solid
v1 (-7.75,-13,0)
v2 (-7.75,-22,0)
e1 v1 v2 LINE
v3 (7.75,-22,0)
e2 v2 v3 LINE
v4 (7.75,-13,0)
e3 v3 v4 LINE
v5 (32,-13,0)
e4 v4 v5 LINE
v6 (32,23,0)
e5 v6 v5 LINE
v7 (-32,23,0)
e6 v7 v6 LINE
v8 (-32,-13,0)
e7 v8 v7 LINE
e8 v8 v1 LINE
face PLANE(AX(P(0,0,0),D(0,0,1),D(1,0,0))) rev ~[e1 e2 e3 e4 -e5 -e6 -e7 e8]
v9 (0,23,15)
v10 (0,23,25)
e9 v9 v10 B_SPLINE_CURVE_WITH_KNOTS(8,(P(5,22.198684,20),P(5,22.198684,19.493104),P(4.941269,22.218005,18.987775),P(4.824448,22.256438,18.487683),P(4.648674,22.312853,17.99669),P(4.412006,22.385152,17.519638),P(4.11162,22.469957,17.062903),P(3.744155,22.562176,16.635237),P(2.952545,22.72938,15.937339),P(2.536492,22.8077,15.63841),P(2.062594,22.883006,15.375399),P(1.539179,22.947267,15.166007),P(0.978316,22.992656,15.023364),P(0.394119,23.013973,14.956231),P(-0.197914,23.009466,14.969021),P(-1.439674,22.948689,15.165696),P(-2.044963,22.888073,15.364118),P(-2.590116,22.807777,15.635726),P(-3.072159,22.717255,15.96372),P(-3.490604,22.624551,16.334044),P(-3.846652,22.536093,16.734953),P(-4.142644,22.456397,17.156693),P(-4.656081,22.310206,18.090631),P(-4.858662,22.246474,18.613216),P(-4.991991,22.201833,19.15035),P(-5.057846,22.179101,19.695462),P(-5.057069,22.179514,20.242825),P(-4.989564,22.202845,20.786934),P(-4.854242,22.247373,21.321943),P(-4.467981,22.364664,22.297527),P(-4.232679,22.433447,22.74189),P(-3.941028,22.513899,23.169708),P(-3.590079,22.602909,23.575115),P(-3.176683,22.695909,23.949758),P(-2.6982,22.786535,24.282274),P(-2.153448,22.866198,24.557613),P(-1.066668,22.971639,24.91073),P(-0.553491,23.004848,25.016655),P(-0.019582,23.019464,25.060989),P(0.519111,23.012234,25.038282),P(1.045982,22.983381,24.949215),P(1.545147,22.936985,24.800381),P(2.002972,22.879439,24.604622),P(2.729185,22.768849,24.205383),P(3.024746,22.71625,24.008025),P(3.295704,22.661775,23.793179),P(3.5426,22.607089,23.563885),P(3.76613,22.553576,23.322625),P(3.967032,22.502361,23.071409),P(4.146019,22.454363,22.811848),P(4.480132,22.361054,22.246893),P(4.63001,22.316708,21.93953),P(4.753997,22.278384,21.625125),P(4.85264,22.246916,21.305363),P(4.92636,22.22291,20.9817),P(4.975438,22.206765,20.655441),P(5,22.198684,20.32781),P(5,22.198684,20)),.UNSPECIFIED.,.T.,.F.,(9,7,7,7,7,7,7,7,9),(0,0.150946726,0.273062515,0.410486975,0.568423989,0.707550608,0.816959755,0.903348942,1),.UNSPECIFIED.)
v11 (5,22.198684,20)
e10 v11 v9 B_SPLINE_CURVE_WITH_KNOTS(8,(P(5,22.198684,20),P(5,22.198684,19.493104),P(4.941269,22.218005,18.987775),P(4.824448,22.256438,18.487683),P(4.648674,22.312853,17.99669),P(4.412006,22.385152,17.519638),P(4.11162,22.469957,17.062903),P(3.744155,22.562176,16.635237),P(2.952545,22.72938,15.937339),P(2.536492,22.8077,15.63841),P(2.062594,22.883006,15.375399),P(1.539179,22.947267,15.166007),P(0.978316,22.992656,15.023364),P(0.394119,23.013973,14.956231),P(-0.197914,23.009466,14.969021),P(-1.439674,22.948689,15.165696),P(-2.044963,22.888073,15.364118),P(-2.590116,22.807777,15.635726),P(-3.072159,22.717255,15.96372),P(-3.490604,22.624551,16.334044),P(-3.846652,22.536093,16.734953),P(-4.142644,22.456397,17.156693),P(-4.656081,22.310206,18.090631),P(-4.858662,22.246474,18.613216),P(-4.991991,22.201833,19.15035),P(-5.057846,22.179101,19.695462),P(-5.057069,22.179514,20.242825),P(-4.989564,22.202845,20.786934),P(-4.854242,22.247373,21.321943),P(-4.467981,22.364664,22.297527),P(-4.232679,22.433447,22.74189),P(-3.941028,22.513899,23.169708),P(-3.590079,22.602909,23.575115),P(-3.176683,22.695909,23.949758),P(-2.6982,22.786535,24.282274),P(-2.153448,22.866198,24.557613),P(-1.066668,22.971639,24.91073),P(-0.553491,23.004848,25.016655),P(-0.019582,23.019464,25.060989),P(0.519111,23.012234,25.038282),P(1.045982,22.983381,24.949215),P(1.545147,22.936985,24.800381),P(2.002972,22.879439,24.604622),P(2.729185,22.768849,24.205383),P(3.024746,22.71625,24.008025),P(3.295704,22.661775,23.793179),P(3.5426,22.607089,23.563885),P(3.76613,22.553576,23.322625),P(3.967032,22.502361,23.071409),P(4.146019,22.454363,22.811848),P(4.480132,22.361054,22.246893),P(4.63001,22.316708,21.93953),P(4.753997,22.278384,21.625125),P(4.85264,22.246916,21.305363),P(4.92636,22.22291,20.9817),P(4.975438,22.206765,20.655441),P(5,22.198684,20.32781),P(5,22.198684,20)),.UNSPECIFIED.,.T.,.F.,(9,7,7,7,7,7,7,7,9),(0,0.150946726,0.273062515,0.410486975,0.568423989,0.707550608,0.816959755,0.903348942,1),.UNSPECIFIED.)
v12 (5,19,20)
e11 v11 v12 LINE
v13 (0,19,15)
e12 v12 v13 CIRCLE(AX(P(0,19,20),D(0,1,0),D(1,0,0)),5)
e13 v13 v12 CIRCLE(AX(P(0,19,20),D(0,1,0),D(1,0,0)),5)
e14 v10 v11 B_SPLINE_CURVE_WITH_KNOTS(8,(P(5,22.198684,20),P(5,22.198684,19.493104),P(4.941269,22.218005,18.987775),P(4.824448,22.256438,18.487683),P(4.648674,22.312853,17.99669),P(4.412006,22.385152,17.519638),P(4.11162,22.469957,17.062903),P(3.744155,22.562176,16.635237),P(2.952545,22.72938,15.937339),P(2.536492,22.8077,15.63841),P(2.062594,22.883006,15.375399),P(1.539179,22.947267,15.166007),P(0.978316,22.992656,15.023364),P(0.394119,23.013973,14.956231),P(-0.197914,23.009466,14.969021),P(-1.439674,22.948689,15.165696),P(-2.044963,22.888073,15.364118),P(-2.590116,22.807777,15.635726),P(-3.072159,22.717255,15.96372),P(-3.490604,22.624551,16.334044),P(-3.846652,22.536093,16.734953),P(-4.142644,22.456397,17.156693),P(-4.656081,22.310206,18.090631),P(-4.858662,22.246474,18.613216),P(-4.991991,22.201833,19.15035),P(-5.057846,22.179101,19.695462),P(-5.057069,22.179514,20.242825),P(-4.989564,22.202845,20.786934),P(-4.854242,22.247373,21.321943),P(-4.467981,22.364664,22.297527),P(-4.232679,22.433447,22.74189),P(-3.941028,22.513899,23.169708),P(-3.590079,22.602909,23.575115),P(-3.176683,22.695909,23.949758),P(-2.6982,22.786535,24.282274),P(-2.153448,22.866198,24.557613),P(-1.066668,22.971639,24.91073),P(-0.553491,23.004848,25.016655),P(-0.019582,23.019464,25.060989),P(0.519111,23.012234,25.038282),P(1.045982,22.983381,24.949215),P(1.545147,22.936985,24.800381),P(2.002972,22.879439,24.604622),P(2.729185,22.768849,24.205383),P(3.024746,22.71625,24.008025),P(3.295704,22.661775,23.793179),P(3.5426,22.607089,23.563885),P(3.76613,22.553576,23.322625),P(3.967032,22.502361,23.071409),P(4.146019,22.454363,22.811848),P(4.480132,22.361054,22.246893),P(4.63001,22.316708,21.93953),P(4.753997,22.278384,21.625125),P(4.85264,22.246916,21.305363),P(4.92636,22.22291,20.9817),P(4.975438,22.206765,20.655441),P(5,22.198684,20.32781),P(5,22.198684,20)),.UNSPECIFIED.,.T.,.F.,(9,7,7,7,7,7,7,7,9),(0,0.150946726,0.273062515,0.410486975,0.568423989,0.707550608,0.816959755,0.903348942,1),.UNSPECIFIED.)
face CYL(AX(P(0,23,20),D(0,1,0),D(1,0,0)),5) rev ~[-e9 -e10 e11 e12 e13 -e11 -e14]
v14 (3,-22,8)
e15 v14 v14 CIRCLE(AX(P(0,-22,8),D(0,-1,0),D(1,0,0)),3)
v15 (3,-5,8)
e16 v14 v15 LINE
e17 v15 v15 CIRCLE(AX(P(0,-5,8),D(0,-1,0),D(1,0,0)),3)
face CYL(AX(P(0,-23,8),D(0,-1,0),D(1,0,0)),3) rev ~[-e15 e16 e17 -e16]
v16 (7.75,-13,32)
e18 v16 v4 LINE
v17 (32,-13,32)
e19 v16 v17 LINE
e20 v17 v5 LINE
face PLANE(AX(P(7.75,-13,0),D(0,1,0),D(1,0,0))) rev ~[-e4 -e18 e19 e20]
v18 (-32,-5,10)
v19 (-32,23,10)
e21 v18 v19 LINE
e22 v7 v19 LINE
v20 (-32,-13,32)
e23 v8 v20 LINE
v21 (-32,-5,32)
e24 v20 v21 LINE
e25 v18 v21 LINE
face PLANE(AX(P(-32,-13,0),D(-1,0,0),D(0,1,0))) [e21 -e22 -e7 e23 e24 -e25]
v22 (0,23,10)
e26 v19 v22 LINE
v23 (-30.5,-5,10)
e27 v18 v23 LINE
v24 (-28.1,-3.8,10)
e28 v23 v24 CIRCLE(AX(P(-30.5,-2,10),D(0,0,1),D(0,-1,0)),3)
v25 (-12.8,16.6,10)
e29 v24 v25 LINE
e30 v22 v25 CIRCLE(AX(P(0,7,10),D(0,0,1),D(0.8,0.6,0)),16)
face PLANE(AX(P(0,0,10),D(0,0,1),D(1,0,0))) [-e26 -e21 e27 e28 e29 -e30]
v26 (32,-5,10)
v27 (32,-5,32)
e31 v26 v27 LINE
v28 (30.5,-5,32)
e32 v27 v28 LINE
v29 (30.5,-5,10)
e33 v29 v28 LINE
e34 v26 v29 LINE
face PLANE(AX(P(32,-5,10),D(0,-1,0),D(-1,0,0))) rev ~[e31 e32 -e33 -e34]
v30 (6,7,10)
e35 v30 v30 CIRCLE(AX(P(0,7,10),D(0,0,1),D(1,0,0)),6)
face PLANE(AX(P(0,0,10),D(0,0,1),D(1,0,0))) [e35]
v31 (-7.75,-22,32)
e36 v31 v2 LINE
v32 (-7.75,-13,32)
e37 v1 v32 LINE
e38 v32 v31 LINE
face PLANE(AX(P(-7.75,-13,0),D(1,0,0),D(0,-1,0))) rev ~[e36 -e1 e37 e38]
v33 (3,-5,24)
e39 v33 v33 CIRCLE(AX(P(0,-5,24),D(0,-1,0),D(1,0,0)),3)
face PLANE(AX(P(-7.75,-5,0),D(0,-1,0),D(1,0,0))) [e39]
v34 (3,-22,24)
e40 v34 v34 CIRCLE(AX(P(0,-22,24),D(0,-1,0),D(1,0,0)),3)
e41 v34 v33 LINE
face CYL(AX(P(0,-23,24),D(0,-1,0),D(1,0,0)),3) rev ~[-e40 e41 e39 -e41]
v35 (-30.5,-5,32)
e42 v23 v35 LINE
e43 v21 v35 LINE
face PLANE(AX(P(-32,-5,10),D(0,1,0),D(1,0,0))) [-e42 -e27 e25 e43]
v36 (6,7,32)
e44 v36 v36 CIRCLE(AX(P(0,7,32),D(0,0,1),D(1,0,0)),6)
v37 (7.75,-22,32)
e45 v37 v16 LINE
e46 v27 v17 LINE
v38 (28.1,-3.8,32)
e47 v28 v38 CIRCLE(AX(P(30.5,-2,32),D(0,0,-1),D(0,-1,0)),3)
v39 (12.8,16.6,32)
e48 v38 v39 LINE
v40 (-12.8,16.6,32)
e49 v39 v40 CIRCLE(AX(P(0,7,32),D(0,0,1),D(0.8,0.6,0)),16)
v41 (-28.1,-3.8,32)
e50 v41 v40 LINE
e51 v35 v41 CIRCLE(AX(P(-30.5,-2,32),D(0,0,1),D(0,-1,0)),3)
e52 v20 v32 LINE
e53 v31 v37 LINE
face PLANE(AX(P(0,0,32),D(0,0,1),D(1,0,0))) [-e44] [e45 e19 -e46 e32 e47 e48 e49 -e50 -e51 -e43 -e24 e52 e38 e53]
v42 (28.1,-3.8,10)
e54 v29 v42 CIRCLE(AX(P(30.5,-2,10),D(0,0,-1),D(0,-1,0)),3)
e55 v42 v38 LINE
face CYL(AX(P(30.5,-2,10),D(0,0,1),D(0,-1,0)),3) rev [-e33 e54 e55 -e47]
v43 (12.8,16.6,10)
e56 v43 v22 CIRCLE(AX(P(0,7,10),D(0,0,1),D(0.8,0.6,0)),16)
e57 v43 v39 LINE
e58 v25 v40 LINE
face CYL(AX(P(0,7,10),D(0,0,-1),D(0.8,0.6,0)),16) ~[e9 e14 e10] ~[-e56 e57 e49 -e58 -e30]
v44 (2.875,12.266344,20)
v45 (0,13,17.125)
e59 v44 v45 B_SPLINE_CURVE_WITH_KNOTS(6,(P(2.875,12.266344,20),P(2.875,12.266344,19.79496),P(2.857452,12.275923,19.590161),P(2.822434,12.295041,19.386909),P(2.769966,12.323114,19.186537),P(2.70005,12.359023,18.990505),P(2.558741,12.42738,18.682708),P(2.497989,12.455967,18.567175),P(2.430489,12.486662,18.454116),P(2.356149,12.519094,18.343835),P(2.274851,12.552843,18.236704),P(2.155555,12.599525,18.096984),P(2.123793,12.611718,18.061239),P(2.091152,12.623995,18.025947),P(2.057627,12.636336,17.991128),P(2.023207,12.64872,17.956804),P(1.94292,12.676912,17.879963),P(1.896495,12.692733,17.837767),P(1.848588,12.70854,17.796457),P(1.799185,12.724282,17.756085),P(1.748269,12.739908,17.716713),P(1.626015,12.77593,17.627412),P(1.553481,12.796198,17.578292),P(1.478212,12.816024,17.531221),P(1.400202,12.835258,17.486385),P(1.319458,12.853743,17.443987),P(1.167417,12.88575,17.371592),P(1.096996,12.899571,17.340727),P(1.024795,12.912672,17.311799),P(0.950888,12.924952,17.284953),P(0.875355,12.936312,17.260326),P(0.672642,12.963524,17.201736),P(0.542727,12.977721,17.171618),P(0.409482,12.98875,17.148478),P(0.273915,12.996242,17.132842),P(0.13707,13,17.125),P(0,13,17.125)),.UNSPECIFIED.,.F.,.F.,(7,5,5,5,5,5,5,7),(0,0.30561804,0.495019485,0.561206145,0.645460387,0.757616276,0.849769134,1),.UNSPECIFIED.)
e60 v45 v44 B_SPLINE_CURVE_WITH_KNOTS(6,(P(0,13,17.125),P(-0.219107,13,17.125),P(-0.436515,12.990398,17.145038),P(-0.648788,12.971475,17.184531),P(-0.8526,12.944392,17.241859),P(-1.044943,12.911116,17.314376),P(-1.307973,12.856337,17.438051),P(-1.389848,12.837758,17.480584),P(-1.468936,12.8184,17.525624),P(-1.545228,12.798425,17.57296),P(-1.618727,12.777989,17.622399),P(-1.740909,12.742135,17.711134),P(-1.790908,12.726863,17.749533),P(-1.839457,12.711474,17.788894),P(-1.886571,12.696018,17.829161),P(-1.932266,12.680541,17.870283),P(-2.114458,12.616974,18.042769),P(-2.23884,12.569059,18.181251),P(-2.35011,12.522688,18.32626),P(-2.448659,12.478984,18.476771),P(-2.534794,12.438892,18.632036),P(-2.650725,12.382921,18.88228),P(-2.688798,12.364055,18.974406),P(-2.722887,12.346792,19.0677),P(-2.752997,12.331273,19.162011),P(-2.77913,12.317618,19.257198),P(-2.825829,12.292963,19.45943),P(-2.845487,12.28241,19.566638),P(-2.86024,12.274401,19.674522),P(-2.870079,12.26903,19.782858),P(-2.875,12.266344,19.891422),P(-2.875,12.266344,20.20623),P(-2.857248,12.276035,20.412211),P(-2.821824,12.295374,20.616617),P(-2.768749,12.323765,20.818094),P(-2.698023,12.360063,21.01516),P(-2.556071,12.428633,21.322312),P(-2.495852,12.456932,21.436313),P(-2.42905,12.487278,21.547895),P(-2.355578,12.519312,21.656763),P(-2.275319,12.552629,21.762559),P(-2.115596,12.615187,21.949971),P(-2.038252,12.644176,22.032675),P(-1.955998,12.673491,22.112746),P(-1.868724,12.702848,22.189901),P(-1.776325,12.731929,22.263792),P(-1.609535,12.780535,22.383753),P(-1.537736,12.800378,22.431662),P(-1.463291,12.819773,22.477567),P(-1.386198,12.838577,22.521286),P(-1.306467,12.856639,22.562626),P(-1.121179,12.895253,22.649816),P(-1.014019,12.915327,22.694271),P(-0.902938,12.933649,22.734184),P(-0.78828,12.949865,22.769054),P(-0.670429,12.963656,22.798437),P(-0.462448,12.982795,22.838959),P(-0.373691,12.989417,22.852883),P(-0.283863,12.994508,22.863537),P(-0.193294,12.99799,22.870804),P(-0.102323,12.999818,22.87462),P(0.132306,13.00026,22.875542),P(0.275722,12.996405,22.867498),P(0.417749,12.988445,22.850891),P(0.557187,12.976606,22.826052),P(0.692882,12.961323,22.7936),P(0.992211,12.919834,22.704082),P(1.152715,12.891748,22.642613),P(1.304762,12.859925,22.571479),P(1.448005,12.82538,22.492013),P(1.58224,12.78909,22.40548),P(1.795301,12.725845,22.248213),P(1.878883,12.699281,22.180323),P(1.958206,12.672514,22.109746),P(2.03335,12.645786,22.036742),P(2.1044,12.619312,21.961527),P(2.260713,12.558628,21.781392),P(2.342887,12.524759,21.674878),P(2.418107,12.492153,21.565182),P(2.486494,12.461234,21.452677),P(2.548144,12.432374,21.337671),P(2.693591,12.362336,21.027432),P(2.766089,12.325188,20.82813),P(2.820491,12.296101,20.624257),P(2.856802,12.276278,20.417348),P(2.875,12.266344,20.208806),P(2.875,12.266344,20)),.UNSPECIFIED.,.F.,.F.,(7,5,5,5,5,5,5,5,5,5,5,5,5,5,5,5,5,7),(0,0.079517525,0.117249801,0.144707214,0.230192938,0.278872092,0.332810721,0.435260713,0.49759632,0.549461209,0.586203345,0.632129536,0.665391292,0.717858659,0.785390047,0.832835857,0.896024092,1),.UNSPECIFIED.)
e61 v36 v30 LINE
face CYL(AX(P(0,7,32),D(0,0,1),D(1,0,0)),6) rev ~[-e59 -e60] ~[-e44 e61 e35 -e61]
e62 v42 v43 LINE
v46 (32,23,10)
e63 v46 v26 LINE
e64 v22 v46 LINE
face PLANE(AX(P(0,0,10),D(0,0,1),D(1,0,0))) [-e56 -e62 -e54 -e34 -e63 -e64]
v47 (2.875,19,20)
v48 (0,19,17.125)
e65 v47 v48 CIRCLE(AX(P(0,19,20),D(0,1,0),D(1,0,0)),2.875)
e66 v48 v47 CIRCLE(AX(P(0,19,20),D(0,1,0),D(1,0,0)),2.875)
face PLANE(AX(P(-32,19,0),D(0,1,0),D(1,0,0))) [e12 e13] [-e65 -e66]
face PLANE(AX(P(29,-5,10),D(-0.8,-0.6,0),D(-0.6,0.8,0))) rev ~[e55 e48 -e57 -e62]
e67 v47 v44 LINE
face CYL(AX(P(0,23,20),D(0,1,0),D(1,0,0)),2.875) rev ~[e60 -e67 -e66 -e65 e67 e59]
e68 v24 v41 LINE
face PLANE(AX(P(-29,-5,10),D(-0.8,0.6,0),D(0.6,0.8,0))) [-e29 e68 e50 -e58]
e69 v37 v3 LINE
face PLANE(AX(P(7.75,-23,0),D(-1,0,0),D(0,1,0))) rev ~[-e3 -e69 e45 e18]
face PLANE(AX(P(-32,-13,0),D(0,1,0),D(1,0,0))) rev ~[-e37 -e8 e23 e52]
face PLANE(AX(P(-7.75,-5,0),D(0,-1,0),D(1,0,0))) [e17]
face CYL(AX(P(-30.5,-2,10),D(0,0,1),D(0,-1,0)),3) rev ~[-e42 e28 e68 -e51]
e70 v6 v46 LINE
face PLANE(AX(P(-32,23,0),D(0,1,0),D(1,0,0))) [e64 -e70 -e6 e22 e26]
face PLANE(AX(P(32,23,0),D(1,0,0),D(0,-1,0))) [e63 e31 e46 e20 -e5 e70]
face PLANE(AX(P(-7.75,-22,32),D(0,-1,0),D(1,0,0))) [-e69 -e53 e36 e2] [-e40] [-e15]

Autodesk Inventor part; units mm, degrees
ref_plane "YZ Plane" through (0, 0, 0) normal (1, 0, 0) x (0, 1, 0)
ref_plane "XZ Plane" through (0, 0, 0) normal (0, 1, 0) x (-1, 0, 0)
ref_plane "XY Plane" through (0, 0, 0) normal (0, 0, 1) x (1, 0, 0)
sketch "Sketch1" plane through (0, 0, 0) normal (0, 0, 1) x (1, 0, 0)
  line L0 (-32, 23) -> (32, 23)
  line L1 (32, 23) -> (32, -13)
  line L2 (7.75, -23) -> (-7.75, -23)
  line L3 (-32, -13) -> (-32, 23)
  line L4 (7.75, -13) -> (32, -13)
  line L5 (7.75, -23) -> (7.75, -13)
  line L6 (-32, -13) -> (-7.75, -13)
  line L7 (-7.75, -13) -> (-7.75, -23)
  point P0 (0, 0)
  dimension "d2" = 32
  dimension "d3" = 23
extrude "Extrusion1" add sketch "Sketch1" along normal blind 10
sketch "Sketch2" plane through (0, 0, 10) normal (0, 0, 1) x (1, 0, 0)
  line L0 (-32, -13) -> (-7.75, -13) projected
  line L1 (-32, -13) -> (-32, -5)
  line L2 (-32, 23) -> (-32, -13) projected
  line L3 (-32, -5) -> (-29, -5)
  line L4 (32, -13) -> (32, 23) projected
  line L5 (32, -9) -> (32, -5)
  line L6 (32, -5) -> (29, -5)
  line L7 (-7.75, -13) -> (-7.75, -23) projected
  line L8 (7.75, -13) -> (32, -13) projected
  arc A0 (12.8, 16.6) -> (-12.8, 16.6) centre (0, 7) ccw
  line L9 (-29, -5) -> (-12.8, 16.6)
  line L10 (29, -5) -> (12.8, 16.6)
  line L11 (-32, -13) -> (-7.75, -13)
  line L12 (-7.75, -23) -> (7.75, -23) projected
  line L13 (-7.75, -23) -> (7.75, -23)
  line L14 (7.75, -23) -> (7.75, -13) projected
  line L15 (7.75, -23) -> (7.75, -13)
  line L16 (7.75, -13) -> (32, -13)
  line L17 (32, -5) -> (32, -13)
  point P0 (0, 0)
  dimension "d15" = 32
extrude "Extrusion2" add sketch "Sketch2" along normal blind 22
sketch "Sketch3" plane through (0, 0, 32) normal (0, 0, 1) x (1, 0, 0)
  line L0 (-32, -5) -> (-32, -13) projected
  circle A0 centre (0, 7) radius 6
  point P0 (0, 0)
extrude "Extrusion3" cut sketch "Sketch3" against normal up to surface (22 mm away)
sketch "Sketch5" plane through (-32, 23, 0) normal (0, 1, 0) x (1, 0, 0)
  line L0 (32, 0) -> (32, -20)
  circle A0 centre (32, -20) radius 5
  circle A1 centre (32, -20) radius 2.875
  dimension "d22" = 20
  dimension "d23" = 10
  dimension "d36" = 5.75
extrude "Extrusion4" cut sketch "Sketch5" against normal blind 12 contours A1
extrude "Extrusion5" cut sketch "Sketch5" against normal blind 4 contours A1 | A0
sketch "Sketch6" plane through (-7.75, -23, 0) normal (0, -1, 0) x (1, 0, 0)
  point P0 (7.75, 0)
sketch "Sketch7" plane through (-7.75, -23, 0) normal (0, -1, 0) x (1, 0, 0)
  line L0 (0, 32) -> (15.5, 32) projected
  circle A0 centre (7.75, 24) radius 3
  circle A1 centre (7.75, 8) radius 3
  point P0 (7.75, 0)
  dimension "d31" = 6
  dimension "d32" = 6
extrude "Extrusion6" cut sketch "Sketch7" against normal blind 18
fillet "Fillet1" radius 3 2 edges at (29, -5, 21) (-29, -5, 21)
sketch "Sketch8" plane through (0, 0, 32) normal (0, 0, 1) x (1, 0, 0)
  line L0 (-7.75, -22) -> (7.75, -22)
  line L1 (7.75, -22) -> (7.75, -23)
  line L2 (7.75, -23) -> (-7.75, -23)
  line L3 (-7.75, -23) -> (-7.75, -22)
  line L4 (-7.75, -23) -> (7.75, -23) projected
  line L5 (-7.75, -13) -> (-7.75, -23) projected
  line L6 (7.75, -23) -> (7.75, -13) projected
  point P0 (0, 0)
  dimension "d37" = 1
extrude "Extrusion7" cut sketch "Sketch8" against normal through all
properties part number "Pieza4_corredera_LAASR" material "Steel, Carbon"
